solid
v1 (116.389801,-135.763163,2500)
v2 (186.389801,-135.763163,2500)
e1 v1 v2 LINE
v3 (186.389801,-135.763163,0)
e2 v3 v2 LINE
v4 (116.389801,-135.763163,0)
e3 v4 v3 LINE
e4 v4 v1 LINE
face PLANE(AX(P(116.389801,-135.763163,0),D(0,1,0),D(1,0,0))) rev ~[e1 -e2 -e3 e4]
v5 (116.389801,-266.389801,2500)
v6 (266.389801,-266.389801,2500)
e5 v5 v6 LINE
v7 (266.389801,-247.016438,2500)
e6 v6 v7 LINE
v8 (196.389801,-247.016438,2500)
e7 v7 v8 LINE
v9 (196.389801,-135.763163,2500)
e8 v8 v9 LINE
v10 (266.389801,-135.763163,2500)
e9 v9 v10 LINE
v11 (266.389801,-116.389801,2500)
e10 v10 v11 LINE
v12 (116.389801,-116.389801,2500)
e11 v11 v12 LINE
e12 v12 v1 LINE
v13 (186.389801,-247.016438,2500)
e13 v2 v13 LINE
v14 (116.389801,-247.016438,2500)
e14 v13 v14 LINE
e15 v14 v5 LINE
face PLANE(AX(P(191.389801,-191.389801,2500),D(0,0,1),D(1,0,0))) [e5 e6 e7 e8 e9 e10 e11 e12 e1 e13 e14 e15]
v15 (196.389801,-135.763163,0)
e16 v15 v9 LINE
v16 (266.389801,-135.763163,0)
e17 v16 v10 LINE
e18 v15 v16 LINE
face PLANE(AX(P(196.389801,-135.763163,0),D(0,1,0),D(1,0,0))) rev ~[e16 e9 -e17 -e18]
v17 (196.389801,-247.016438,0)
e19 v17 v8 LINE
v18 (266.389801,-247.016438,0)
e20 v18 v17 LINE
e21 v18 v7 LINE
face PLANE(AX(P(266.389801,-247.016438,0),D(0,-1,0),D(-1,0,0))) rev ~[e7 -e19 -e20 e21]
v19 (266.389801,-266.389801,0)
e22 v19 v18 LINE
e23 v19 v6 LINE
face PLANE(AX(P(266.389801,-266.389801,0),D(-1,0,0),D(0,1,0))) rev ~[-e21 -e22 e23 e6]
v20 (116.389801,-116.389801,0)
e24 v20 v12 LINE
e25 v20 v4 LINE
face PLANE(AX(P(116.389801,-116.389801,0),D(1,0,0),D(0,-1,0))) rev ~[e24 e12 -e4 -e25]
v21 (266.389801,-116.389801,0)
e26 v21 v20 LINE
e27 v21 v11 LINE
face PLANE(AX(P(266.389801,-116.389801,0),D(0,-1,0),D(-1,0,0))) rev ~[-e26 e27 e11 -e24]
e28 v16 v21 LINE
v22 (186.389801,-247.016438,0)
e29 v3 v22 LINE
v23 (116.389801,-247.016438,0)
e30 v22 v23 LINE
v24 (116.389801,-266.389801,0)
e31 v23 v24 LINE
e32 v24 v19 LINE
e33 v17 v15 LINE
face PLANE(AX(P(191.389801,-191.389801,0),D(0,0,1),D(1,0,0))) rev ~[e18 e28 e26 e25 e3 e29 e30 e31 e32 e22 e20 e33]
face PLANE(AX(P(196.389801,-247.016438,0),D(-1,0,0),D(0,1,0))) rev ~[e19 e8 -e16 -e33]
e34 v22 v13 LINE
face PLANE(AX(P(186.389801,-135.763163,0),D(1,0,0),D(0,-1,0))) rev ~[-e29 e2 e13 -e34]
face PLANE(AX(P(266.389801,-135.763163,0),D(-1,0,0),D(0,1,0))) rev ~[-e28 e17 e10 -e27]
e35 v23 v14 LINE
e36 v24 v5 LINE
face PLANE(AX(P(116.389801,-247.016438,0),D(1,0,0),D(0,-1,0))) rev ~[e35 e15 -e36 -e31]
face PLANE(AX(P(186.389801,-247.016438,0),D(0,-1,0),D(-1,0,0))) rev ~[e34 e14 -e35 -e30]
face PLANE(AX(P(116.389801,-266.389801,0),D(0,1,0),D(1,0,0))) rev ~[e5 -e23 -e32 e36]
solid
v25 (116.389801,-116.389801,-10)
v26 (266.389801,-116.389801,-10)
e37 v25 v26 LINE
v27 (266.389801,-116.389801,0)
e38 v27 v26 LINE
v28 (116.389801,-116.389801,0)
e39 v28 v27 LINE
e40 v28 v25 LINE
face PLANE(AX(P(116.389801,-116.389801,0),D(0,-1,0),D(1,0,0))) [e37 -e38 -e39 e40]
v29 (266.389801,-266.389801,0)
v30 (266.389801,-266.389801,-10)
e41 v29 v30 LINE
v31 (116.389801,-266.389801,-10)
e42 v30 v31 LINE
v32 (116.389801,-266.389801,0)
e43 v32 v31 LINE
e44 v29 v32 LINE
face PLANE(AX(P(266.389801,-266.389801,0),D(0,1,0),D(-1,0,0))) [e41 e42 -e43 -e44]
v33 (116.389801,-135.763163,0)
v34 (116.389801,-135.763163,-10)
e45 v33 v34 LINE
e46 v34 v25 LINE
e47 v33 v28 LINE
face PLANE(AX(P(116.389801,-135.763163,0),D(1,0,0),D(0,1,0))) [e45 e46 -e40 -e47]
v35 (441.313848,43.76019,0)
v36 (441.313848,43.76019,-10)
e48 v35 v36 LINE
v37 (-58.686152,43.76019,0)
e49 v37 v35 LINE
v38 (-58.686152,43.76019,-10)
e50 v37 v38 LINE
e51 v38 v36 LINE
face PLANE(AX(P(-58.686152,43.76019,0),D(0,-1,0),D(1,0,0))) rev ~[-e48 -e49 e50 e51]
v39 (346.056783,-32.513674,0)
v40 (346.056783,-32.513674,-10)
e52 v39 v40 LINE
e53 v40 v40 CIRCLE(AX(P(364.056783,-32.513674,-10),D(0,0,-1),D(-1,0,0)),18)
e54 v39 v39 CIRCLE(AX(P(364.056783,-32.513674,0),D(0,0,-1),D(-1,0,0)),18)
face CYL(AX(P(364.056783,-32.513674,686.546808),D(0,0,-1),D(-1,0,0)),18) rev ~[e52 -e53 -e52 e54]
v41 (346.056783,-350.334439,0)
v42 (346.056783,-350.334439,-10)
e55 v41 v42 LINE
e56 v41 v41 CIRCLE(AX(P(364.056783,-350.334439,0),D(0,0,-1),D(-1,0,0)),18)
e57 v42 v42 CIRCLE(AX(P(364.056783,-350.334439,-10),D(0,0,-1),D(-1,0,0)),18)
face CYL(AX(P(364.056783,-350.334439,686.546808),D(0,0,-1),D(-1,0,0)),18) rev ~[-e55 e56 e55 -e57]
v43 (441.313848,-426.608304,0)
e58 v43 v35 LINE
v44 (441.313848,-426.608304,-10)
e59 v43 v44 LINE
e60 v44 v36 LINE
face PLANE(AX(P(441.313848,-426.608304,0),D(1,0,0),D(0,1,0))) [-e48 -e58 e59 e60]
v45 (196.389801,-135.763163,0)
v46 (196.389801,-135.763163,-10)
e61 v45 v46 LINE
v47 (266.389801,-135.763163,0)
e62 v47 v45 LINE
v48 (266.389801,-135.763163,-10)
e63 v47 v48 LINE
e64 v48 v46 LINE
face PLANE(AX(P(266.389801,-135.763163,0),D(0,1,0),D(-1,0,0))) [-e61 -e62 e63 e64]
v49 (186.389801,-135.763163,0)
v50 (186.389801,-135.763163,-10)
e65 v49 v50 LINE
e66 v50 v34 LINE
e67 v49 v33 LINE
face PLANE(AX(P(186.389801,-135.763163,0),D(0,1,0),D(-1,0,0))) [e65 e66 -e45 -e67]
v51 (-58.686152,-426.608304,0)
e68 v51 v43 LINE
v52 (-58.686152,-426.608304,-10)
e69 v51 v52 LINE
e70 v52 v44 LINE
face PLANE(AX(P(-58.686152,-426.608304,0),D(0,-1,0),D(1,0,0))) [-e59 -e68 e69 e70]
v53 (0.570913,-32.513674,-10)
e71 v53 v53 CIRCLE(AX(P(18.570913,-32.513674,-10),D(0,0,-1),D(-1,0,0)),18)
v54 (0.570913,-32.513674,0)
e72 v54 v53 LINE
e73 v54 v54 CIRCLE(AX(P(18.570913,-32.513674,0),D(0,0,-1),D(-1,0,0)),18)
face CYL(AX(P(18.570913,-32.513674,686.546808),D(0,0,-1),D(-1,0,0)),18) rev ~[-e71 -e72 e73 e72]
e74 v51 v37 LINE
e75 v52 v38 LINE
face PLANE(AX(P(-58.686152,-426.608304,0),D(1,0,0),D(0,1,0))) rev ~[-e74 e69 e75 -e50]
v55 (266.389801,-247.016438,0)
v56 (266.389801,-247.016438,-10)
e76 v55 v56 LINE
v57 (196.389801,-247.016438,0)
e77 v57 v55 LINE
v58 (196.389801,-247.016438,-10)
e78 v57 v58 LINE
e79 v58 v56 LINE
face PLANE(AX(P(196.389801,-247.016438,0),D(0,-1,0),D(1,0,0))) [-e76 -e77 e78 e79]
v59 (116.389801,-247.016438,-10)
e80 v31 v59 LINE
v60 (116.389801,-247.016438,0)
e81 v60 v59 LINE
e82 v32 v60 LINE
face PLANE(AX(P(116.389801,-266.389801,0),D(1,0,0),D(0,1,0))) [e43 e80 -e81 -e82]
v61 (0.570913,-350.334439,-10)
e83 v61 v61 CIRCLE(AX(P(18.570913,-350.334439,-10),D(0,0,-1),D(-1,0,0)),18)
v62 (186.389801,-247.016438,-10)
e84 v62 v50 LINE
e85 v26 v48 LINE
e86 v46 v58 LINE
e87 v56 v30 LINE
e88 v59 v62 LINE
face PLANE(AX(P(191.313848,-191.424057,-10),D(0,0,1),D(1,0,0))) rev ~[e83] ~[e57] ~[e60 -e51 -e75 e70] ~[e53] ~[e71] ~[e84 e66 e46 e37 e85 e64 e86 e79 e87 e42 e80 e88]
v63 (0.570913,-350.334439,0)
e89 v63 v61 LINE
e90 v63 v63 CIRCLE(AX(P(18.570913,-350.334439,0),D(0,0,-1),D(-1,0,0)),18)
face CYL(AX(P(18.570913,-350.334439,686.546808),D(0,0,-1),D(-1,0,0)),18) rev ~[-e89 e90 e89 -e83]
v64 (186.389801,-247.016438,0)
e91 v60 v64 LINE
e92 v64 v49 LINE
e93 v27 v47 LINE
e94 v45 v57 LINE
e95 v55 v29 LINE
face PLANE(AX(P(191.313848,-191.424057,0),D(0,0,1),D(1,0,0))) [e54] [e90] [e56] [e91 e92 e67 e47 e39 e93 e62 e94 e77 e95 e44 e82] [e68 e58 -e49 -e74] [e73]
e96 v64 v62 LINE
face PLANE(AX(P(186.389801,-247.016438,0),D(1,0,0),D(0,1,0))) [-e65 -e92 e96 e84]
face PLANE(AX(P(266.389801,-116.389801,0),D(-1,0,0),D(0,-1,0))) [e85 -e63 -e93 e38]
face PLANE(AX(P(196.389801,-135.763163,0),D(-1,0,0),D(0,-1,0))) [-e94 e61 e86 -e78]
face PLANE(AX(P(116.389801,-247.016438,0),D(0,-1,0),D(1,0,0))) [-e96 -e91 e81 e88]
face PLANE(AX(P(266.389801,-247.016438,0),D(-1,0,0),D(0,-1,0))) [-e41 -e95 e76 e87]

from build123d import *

# Parameters (mm, degrees)
F1_DEPTH = 2500
F2_W     = 500
F2_H     = 470.368494
F3_DEPTH = 10
F5_D     = 36


with BuildPart() as f1:
    # F0 (on Top) → F1 (new body)
    with BuildSketch(Plane.XY):
        Polygon((116.389801, -247.016438), (116.389801, -266.389801), (191.389801, -266.389801), (266.389801, -266.389801), (266.389801, -247.016438), (196.389801, -247.016438), (196.389801, -135.763163), (266.389801, -135.763163), (266.389801, -116.389801), (191.389801, -116.389801), (116.389801, -116.389801), (116.389801, -135.763163), (186.389801, -135.763163), (186.389801, -247.016438), align=None)
    extrude(amount=F1_DEPTH)


with BuildPart() as f3:
    # F2 (on face) → F3 (new body)
    with BuildSketch(Plane.XY):
        with Locations((191.313848, -191.424057)):
            Rectangle(F2_W, F2_H)
        Polygon((116.389801, -266.389801), (116.389801, -247.016438), (186.389801, -247.016438), (186.389801, -135.763163), (116.389801, -135.763163), (116.389801, -116.389801), (191.389801, -116.389801), (266.389801, -116.389801), (266.389801, -135.763163), (196.389801, -135.763163), (196.389801, -247.016438), (266.389801, -247.016438), (266.389801, -266.389801), (191.389801, -266.389801), align=None, mode=Mode.SUBTRACT)
    extrude(amount=-F3_DEPTH)

    # F5 (through all)
    with Locations(Plane.XY):
        with Locations((18.570913, -32.513674), (18.570913, -350.334439), (364.056783, -350.334439), (364.056783, -32.513674)):
            Hole(F5_D / 2)


solid = Compound([f1.part, f3.part])
